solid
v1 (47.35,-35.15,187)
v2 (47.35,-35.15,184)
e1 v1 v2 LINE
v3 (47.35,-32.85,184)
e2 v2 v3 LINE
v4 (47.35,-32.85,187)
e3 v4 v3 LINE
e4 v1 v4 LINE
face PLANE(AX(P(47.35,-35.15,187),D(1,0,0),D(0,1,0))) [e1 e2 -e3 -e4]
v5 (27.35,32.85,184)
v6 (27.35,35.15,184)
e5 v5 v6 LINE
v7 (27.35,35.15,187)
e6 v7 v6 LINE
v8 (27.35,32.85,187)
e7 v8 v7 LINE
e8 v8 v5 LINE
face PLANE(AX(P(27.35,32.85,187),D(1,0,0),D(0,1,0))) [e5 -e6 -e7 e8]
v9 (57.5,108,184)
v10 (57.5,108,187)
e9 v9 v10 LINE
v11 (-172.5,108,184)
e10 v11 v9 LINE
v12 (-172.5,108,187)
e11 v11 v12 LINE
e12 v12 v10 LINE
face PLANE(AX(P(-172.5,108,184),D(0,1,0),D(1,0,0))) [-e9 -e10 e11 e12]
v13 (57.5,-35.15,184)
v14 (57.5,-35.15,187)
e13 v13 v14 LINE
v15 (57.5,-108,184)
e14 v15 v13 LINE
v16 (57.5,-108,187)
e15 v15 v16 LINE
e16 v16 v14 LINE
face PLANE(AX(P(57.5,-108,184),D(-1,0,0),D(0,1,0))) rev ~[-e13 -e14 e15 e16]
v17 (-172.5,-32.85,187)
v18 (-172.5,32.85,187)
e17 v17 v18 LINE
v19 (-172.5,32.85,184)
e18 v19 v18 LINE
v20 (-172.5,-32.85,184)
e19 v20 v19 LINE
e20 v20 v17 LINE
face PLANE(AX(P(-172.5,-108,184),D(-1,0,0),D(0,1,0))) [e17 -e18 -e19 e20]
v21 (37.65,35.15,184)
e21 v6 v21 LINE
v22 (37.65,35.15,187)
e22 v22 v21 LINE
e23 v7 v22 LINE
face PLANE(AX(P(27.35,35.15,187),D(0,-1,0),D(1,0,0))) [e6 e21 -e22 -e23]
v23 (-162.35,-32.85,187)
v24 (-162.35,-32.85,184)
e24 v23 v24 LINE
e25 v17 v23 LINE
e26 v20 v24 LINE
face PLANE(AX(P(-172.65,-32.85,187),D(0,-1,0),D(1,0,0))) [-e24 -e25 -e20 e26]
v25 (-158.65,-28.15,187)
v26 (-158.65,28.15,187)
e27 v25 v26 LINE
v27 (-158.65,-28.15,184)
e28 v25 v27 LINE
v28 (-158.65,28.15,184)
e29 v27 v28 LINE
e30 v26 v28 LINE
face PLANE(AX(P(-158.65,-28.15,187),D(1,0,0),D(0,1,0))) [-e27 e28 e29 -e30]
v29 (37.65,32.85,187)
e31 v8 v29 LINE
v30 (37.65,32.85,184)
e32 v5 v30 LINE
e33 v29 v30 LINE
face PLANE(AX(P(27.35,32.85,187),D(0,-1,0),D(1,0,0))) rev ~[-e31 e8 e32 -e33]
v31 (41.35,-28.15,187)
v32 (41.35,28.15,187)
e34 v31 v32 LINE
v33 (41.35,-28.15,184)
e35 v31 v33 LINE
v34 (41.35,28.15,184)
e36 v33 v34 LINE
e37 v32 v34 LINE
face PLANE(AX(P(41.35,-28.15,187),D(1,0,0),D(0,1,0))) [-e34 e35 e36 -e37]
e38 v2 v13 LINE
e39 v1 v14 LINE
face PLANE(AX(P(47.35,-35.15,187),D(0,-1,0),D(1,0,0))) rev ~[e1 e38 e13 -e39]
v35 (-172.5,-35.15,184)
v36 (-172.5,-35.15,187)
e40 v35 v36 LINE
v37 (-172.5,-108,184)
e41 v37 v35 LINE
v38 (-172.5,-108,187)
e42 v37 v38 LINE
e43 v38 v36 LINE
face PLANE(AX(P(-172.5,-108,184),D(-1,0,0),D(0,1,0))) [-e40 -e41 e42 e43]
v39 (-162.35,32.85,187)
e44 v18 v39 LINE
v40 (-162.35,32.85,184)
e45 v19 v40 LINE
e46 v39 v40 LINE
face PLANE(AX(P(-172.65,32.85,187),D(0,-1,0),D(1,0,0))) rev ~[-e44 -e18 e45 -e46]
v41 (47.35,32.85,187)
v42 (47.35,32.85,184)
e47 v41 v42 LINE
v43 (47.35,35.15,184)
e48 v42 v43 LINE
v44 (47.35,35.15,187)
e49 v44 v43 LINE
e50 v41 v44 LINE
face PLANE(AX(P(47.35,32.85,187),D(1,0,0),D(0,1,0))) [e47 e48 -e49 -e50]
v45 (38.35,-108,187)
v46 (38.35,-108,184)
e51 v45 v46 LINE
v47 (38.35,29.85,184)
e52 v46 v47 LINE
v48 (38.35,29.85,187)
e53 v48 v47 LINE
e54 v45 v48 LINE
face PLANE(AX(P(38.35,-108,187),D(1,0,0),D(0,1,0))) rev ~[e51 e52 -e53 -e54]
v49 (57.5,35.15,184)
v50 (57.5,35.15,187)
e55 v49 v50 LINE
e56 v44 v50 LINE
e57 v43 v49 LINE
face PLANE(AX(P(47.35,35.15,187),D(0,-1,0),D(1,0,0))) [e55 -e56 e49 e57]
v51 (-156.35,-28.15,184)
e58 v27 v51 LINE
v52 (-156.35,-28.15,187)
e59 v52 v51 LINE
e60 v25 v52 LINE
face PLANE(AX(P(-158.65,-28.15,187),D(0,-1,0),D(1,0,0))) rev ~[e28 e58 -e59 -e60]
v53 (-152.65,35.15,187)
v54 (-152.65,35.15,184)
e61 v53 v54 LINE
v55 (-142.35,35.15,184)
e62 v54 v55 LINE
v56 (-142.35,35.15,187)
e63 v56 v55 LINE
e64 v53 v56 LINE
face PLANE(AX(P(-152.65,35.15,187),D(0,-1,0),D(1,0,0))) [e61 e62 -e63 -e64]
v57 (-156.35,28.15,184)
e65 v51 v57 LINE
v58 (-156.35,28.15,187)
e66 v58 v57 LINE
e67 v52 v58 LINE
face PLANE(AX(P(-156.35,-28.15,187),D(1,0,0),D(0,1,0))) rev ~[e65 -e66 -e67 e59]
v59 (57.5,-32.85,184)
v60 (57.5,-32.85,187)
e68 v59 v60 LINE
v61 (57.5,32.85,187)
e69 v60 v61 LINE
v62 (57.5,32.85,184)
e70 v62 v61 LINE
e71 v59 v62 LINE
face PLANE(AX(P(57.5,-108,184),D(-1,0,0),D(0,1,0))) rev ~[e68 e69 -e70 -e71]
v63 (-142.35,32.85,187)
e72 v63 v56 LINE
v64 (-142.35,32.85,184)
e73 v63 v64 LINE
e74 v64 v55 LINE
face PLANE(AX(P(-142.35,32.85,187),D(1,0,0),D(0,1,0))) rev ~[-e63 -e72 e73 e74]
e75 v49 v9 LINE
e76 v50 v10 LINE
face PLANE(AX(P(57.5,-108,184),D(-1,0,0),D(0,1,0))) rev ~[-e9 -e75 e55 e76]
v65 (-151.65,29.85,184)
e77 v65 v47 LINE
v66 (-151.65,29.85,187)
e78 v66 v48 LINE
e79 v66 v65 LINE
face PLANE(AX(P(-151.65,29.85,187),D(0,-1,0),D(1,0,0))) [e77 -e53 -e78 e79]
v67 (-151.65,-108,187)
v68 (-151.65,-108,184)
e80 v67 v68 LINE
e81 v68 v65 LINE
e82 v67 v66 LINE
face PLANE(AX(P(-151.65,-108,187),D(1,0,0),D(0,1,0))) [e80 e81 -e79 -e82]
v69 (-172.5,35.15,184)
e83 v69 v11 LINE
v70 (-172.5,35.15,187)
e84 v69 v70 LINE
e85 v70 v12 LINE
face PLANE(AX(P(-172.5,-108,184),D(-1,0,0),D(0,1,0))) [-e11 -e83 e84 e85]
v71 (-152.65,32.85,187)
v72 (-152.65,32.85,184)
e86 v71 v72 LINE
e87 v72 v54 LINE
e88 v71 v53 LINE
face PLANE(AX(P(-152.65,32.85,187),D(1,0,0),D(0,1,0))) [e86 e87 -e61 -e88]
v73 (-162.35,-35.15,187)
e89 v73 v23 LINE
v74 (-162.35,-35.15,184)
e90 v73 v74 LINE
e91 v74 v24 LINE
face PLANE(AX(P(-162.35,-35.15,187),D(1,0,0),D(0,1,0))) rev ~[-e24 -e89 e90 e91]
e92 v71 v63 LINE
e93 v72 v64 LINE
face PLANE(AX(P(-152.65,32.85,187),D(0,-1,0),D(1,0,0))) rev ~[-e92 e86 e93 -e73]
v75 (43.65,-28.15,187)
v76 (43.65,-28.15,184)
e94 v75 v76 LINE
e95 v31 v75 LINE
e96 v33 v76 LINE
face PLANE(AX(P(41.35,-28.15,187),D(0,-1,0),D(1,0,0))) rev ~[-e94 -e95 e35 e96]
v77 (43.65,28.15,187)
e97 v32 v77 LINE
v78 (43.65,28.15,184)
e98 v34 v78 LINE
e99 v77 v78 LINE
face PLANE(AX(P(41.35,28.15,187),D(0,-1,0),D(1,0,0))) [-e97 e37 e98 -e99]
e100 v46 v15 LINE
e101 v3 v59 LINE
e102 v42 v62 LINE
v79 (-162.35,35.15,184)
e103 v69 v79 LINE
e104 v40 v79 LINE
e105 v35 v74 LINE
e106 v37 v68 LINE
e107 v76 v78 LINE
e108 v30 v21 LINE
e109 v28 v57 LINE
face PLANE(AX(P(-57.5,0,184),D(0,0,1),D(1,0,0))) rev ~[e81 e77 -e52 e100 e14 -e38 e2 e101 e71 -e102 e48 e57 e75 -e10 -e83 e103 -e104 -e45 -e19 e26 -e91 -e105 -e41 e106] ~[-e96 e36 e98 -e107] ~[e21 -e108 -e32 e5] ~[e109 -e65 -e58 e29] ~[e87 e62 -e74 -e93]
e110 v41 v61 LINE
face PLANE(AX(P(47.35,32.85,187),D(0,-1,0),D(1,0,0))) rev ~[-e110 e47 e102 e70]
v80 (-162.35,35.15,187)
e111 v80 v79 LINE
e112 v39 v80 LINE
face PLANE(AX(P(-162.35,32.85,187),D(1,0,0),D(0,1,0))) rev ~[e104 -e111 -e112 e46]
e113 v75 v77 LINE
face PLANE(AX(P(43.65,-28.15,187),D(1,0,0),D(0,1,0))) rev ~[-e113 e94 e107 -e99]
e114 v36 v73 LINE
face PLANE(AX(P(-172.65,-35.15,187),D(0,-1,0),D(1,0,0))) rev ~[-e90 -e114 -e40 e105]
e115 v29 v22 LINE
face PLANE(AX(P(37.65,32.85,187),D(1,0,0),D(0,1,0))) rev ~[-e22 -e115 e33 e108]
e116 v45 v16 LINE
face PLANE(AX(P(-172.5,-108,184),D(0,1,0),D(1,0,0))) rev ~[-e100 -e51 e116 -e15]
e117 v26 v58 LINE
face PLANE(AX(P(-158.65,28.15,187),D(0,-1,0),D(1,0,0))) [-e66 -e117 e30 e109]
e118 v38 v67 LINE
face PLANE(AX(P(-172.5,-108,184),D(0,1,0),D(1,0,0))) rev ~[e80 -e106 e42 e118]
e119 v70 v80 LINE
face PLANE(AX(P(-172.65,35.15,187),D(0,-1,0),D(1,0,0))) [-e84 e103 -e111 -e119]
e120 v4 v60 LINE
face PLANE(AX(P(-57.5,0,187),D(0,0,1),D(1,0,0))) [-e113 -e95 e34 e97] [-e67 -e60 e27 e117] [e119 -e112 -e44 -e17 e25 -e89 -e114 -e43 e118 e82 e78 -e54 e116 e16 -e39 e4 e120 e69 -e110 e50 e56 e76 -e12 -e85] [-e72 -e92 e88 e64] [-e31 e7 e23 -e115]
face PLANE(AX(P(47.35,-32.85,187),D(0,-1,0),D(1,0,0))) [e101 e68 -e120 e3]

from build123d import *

# Parameters (mm, degrees)
SKETCH2_W           = 230
SKETCH2_H           = 216
BOSS_EXTRUDE1_DEPTH = 3
SKETCH5_W           = 190
SKETCH5_H           = 137.85
SKETCH5_W_2         = 10.3
SKETCH5_H_2         = 2.3
SKETCH5_W_3         = 2.3
SKETCH5_H_3         = 56.3
CUT_EXTRUDE3_DEPTH  = 3


with BuildPart() as part:
    # Sketch2 → Boss-Extrude1 (new body)
    with BuildSketch(Plane.XY.offset(184)):
        with Locations((-57.5, 0)):
            Rectangle(SKETCH2_W, SKETCH2_H)
    extrude(amount=BOSS_EXTRUDE1_DEPTH)

    # Sketch5 → Cut-Extrude3 (cut)
    with BuildSketch(Plane.XY.offset(187)):
        with Locations((-56.65, -39.075)):
            Rectangle(SKETCH5_W, SKETCH5_H)
        with Locations((32.5, 34)):
            Rectangle(SKETCH5_W_2, SKETCH5_H_2)
        with Locations((52.5, 34)):
            Rectangle(SKETCH5_W_2, SKETCH5_H_2)
        with Locations((42.5, 0)):
            Rectangle(SKETCH5_W_3, SKETCH5_H_3)
        with Locations((52.5, -34)):
            Rectangle(SKETCH5_W_2, SKETCH5_H_2)
        with Locations((-157.5, 0)):
            Rectangle(SKETCH5_W_3, SKETCH5_H_3)
        with Locations((-147.5, 34)):
            Rectangle(SKETCH5_W_2, SKETCH5_H_2)
        with Locations((-167.5, 34)):
            Rectangle(SKETCH5_W_2, SKETCH5_H_2)
        with Locations((-167.5, -34)):
            Rectangle(SKETCH5_W_2, SKETCH5_H_2)
    extrude(amount=-CUT_EXTRUDE3_DEPTH, mode=Mode.SUBTRACT)


solid = part.part
